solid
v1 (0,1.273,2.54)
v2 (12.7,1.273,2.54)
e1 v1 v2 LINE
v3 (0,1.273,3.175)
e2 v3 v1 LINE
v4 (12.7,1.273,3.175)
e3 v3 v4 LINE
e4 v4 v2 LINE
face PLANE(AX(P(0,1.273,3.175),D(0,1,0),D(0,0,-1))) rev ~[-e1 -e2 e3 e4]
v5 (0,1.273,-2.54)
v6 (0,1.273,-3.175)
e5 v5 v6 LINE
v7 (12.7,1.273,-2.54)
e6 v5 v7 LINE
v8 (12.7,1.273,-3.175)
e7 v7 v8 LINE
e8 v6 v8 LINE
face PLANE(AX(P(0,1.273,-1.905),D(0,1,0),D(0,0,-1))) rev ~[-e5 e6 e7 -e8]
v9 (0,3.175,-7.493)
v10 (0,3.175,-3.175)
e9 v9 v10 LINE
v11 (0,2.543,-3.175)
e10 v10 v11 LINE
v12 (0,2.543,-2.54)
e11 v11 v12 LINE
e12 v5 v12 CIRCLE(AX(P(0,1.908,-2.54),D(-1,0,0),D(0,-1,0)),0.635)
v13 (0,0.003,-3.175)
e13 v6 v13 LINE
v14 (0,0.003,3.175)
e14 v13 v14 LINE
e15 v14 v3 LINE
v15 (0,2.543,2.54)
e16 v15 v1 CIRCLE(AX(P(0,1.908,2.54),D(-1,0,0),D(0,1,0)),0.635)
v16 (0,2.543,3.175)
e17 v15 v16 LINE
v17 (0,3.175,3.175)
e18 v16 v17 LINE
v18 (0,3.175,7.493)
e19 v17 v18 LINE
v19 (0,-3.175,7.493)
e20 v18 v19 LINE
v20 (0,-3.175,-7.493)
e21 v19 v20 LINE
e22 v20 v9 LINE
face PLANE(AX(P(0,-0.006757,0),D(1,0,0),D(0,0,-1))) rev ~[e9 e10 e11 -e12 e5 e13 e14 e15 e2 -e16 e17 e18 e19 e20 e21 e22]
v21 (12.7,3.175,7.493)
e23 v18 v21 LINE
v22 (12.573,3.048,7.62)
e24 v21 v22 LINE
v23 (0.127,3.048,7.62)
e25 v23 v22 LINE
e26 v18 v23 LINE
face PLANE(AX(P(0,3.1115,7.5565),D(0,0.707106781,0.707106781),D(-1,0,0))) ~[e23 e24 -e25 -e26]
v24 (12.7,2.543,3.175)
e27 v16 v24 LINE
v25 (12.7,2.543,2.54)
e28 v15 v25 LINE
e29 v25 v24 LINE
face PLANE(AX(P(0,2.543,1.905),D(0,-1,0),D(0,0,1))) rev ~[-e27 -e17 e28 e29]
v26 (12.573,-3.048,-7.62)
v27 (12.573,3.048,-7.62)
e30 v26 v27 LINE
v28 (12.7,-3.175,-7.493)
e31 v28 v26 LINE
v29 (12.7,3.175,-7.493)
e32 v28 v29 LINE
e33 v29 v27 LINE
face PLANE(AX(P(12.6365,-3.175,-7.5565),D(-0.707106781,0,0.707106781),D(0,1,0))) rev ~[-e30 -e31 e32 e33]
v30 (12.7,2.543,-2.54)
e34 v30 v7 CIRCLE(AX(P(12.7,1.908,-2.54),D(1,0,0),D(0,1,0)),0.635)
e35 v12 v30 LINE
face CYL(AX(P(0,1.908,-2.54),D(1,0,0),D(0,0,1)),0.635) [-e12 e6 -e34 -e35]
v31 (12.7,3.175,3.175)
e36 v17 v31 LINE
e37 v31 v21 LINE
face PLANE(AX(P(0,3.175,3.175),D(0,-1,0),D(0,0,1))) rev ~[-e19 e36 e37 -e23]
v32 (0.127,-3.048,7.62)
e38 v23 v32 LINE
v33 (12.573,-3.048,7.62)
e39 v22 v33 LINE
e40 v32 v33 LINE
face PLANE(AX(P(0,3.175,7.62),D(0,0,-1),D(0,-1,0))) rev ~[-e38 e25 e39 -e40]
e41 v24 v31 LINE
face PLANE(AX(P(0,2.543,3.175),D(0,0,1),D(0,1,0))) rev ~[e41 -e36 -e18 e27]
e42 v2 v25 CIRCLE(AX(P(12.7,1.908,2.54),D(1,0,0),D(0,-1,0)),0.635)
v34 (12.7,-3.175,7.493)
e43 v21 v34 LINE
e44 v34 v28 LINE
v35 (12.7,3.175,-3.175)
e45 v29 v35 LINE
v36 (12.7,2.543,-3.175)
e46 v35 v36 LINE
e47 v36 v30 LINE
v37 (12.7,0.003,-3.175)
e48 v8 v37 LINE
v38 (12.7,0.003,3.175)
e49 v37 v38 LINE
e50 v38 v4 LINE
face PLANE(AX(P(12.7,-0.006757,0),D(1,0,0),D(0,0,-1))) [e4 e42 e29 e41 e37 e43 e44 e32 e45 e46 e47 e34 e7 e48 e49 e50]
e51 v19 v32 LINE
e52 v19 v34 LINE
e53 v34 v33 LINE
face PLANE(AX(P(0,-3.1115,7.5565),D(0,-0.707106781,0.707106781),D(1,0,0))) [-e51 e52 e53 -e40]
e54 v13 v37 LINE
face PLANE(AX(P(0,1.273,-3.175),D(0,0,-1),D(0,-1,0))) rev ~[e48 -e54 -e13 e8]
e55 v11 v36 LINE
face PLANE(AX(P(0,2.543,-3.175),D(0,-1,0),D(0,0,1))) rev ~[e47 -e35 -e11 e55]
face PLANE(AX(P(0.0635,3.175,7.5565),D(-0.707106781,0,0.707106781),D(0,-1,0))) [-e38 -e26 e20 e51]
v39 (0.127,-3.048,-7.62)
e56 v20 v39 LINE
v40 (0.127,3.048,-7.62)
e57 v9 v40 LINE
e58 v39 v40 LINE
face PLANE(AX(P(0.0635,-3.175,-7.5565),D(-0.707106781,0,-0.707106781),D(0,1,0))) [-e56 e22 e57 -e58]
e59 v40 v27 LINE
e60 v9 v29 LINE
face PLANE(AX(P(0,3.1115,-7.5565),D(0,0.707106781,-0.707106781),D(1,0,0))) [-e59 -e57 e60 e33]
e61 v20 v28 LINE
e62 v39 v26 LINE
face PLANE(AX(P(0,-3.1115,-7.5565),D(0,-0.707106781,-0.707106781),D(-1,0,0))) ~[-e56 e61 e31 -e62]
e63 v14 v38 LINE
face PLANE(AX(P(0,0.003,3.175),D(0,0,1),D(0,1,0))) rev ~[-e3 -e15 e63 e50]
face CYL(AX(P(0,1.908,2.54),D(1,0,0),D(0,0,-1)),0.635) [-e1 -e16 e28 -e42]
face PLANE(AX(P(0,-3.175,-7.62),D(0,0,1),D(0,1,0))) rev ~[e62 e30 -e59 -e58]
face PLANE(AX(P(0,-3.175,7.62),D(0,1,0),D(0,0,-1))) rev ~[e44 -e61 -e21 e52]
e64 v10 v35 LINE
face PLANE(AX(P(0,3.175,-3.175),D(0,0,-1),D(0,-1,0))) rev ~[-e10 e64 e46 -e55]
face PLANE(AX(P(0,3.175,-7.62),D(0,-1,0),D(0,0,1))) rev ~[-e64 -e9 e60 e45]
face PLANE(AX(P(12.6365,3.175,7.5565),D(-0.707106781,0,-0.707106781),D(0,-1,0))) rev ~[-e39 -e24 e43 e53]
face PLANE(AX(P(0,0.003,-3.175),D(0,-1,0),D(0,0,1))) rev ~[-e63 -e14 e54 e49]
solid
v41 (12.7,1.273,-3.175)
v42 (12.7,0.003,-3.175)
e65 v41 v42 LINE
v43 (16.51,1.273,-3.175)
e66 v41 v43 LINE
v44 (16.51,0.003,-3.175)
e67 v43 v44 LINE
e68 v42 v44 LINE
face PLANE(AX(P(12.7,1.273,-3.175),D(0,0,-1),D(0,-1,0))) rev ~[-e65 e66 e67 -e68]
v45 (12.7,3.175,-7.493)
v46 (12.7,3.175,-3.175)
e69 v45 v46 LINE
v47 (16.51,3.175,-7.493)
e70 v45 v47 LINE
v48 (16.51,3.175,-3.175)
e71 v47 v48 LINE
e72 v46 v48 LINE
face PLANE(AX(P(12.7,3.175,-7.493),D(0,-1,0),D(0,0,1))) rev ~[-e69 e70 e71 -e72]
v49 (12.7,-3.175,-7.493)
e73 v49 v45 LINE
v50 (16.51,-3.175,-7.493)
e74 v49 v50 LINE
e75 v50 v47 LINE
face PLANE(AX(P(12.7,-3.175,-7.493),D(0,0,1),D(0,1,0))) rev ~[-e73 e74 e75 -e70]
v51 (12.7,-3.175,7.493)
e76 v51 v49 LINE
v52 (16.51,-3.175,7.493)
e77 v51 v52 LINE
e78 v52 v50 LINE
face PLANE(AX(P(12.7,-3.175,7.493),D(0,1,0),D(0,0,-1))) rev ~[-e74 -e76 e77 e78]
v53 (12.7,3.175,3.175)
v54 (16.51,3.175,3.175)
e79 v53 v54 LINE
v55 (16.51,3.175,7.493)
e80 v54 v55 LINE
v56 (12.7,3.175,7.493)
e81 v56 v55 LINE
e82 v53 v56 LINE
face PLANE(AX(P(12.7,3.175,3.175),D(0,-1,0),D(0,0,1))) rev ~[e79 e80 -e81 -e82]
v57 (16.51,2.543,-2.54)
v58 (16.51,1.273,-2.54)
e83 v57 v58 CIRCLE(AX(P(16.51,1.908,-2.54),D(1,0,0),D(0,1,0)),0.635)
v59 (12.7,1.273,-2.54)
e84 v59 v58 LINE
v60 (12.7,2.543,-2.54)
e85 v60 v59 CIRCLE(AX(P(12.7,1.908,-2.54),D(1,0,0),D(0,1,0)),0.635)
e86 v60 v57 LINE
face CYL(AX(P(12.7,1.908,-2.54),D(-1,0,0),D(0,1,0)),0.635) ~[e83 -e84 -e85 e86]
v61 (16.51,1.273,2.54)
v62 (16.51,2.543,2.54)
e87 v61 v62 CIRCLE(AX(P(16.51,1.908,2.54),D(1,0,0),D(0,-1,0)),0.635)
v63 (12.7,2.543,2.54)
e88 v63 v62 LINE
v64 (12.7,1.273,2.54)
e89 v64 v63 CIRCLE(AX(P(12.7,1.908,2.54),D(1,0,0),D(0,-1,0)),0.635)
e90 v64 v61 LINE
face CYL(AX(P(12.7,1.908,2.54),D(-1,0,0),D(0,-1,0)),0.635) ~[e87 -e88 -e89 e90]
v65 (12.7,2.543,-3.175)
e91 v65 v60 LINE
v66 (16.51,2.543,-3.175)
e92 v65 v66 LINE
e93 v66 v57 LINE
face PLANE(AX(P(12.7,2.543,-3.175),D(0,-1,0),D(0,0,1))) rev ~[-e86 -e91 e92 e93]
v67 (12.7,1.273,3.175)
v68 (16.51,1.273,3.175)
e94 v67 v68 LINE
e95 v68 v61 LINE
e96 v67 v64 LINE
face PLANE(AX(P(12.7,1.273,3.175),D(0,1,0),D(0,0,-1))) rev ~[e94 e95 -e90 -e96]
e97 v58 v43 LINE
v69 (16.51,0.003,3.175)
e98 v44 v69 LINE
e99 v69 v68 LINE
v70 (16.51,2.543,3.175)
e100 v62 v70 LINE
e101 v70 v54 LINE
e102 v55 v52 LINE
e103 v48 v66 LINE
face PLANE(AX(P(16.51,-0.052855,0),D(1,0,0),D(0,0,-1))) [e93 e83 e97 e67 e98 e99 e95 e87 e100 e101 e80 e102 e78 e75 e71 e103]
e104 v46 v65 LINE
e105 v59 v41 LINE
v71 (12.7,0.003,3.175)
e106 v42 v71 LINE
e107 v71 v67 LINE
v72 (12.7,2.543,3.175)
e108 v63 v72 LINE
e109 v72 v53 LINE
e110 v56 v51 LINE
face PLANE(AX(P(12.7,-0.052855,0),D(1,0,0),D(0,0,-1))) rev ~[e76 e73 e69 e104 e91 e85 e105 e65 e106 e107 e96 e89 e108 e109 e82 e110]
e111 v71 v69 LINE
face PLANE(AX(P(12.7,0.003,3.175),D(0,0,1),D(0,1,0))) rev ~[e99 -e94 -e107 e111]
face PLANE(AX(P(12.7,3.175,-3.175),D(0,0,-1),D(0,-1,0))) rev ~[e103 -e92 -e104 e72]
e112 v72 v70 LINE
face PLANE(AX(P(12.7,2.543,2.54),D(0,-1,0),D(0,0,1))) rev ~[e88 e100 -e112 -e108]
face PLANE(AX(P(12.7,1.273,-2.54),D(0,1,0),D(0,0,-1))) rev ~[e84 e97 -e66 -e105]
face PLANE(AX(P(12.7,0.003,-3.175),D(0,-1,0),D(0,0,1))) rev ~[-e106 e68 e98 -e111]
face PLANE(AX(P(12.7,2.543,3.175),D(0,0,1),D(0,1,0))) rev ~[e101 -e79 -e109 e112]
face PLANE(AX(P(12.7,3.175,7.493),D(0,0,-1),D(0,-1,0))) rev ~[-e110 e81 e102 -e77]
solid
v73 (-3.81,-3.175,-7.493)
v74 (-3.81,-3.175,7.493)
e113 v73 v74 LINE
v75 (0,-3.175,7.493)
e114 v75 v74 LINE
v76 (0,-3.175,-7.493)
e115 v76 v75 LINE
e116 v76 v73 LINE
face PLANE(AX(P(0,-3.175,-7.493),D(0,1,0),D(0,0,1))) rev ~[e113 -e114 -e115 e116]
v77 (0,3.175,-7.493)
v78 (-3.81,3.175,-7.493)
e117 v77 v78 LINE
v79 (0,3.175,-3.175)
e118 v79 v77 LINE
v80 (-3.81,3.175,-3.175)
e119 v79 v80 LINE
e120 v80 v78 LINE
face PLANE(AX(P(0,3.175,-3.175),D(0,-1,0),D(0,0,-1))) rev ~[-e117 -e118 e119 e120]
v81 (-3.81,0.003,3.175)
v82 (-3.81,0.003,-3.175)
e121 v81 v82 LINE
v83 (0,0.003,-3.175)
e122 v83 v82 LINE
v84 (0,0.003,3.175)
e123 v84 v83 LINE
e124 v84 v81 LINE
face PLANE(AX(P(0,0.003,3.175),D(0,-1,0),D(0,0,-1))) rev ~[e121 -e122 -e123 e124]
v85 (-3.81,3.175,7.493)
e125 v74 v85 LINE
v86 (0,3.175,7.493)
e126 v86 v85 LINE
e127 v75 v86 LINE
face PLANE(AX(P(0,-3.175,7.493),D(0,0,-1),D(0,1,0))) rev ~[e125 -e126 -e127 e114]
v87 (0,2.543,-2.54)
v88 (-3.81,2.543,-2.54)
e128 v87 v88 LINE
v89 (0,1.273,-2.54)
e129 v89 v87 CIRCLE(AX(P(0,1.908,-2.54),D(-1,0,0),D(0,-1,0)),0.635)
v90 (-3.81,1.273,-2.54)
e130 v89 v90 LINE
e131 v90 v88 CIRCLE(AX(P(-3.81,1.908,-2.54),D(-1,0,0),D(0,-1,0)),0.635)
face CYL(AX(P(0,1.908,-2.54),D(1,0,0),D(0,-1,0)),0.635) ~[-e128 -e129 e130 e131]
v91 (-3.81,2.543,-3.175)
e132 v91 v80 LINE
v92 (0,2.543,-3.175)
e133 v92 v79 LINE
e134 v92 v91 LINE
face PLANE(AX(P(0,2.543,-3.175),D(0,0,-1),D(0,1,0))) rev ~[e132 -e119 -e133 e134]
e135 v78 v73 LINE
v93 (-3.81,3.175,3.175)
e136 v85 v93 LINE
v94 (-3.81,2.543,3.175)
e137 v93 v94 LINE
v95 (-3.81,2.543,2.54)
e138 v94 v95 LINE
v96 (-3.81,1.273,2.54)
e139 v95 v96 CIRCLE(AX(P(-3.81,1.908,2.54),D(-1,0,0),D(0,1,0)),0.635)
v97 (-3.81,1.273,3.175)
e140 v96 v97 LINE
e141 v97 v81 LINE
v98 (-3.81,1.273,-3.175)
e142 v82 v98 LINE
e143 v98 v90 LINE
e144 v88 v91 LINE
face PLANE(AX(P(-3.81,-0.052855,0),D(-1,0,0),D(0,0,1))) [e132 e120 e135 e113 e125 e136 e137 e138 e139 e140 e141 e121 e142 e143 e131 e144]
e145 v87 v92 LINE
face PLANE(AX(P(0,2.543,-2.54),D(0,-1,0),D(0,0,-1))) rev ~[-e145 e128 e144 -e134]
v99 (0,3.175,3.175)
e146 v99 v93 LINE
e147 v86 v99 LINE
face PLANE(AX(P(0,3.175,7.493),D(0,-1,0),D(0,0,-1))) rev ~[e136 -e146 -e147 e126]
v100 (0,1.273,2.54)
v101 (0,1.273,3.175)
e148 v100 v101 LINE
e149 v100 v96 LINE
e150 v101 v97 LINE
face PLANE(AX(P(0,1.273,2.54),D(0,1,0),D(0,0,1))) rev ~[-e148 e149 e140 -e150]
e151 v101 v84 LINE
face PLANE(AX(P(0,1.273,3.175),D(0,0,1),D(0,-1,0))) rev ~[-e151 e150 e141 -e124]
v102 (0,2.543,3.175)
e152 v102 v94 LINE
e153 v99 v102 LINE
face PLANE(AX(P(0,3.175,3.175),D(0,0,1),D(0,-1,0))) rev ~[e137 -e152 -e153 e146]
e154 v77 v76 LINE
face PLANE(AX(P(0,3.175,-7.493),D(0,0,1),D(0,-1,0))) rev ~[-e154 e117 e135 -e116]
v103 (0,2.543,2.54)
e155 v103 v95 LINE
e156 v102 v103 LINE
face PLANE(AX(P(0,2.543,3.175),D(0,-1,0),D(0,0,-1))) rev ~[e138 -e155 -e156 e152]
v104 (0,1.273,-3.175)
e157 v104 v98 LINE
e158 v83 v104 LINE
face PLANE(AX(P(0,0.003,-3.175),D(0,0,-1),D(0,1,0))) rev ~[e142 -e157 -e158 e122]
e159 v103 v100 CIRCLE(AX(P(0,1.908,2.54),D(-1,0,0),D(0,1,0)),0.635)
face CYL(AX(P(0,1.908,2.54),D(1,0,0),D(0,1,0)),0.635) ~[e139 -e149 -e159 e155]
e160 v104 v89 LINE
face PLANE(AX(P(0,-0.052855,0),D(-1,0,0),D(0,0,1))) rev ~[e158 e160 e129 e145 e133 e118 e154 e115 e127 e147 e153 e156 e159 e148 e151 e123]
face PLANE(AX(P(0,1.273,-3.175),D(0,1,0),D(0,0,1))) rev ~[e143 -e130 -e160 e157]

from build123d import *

# Parameters (mm, degrees)
BOSS_EXTRUDE1_DEPTH = 12.7
FILLET1_RADIUS      = 0.635
FILLET1_LENGTH      = 12.7
FILLET2_RADIUS      = 0.635
FILLET2_LENGTH      = 12.7
CHAMFER1_SIZE       = 0.127
BOSS_EXTRUDE2_DEPTH = 3.81
BOSS_EXTRUDE3_DEPTH = 3.81


with BuildPart() as part:
    # Sketch1 → Boss-Extrude1 (new body)
    with BuildSketch(Plane(origin=(0, 0, 0), x_dir=(0, 0, -1), z_dir=(1, 0, 0))):
        Polygon((-7.62, -3.175), (7.62, -3.175), (7.62, 3.175), (3.175, 3.175), (3.175, 2.543), (1.905, 2.543), (1.905, 1.273), (3.175, 1.273), (3.175, 0.003), (-3.175, 0.003), (-3.175, 1.273), (-1.905, 1.273), (-1.905, 2.543), (-3.175, 2.543), (-3.175, 3.175), (-7.62, 3.175), align=None)
    extrude(amount=BOSS_EXTRUDE1_DEPTH)

    # Fillet1: full round fillet: the end face becomes a half cylinder, R = half its width
    fillet1_face = Plane((6.35, 1.908, -1.905), x_dir=(1, 0, 0), z_dir=(0, 0, 1))  # on the end face: x along it, z out of the body
    fillet1_slab = fillet1_face.offset(-FILLET1_RADIUS / 2) * Box(FILLET1_LENGTH, 2 * FILLET1_RADIUS, FILLET1_RADIUS, mode=Mode.PRIVATE)  # the body's end, R deep
    fillet1_round = Plane((6.35, 1.908, -2.54), x_dir=(0, 0, 1), z_dir=(1, 0, 0)) * Cylinder(FILLET1_RADIUS, FILLET1_LENGTH, mode=Mode.PRIVATE)  # its axis R under the face
    add(fillet1_slab - fillet1_round, mode=Mode.SUBTRACT)

    # Fillet2: full round fillet: the end face becomes a half cylinder, R = half its width
    fillet2_face = Plane((6.35, 1.908, 1.905), x_dir=(1, 0, 0), z_dir=(0, 0, -1))  # on the end face: x along it, z out of the body
    fillet2_slab = fillet2_face.offset(-FILLET2_RADIUS / 2) * Box(FILLET2_LENGTH, 2 * FILLET2_RADIUS, FILLET2_RADIUS, mode=Mode.PRIVATE)  # the body's end, R deep
    fillet2_round = Plane((6.35, 1.908, 2.54), x_dir=(0, 0, -1), z_dir=(1, 0, 0)) * Cylinder(FILLET2_RADIUS, FILLET2_LENGTH, mode=Mode.PRIVATE)  # its axis R under the face
    add(fillet2_slab - fillet2_round, mode=Mode.SUBTRACT)

    # Chamfer1
    chamfer1_edges = [part.edges().sort_by_distance(p)[0] for p in [
        (0, 0, -7.62),
        (0, 0, 7.62),
        (6.35, 3.175, -7.62),
        (6.35, -3.175, -7.62),
        (6.35, -3.175, 7.62),
        (6.35, 3.175, 7.62),
        (12.7, 0, 7.62),
        (12.7, 0, -7.62),
    ]]
    chamfer(chamfer1_edges, length=CHAMFER1_SIZE)


with BuildPart() as body_2:
    # Sketch2 → Boss-Extrude2 (new body)
    with BuildSketch(Plane(origin=(12.7, 0, 0), x_dir=(0, 0, -1), z_dir=(1, 0, 0))):
        with BuildLine():
            Line((-7.493, -3.175), (7.493, -3.175))
            Line((7.493, -3.175), (7.493, 3.175))
            Line((7.493, 3.175), (3.175, 3.175))
            Line((3.175, 3.175), (3.175, 2.543))
            Line((3.175, 2.543), (2.54, 2.543))
            ThreePointArc((2.54, 2.543), (1.905, 1.908), (2.54, 1.273))
            Line((2.54, 1.273), (3.175, 1.273))
            Line((3.175, 1.273), (3.175, 0.003))
            Line((3.175, 0.003), (-3.175, 0.003))
            Line((-3.175, 0.003), (-3.175, 1.273))
            Line((-3.175, 1.273), (-2.54, 1.273))
            ThreePointArc((-2.54, 1.273), (-1.905, 1.908), (-2.54, 2.543))
            Line((-2.54, 2.543), (-3.175, 2.543))
            Line((-3.175, 2.543), (-3.175, 3.175))
            Line((-3.175, 3.175), (-7.493, 3.175))
            Line((-7.493, 3.175), (-7.493, -3.175))
        make_face()
    extrude(amount=BOSS_EXTRUDE2_DEPTH)


with BuildPart() as body_3:
    # Sketch3 → Boss-Extrude3 (new body)
    with BuildSketch(Plane.ZY):
        with BuildLine():
            Line((-3.175, 3.175), (-7.493, 3.175))
            Line((-7.493, 3.175), (-7.493, -3.175))
            Line((-7.493, -3.175), (7.493, -3.175))
            Line((7.493, -3.175), (7.493, 3.175))
            Line((7.493, 3.175), (3.175, 3.175))
            Line((3.175, 3.175), (3.175, 2.543))
            Line((3.175, 2.543), (2.54, 2.543))
            ThreePointArc((2.54, 2.543), (1.905, 1.908), (2.54, 1.273))
            Line((2.54, 1.273), (3.175, 1.273))
            Line((3.175, 1.273), (3.175, 0.003))
            Line((3.175, 0.003), (-3.175, 0.003))
            Line((-3.175, 0.003), (-3.175, 1.273))
            Line((-3.175, 1.273), (-2.54, 1.273))
            ThreePointArc((-2.54, 1.273), (-1.905, 1.908), (-2.54, 2.543))
            Line((-2.54, 2.543), (-3.175, 2.543))
            Line((-3.175, 2.543), (-3.175, 3.175))
        make_face()
    extrude(amount=BOSS_EXTRUDE3_DEPTH)


solid = Compound([part.part, body_2.part, body_3.part])
